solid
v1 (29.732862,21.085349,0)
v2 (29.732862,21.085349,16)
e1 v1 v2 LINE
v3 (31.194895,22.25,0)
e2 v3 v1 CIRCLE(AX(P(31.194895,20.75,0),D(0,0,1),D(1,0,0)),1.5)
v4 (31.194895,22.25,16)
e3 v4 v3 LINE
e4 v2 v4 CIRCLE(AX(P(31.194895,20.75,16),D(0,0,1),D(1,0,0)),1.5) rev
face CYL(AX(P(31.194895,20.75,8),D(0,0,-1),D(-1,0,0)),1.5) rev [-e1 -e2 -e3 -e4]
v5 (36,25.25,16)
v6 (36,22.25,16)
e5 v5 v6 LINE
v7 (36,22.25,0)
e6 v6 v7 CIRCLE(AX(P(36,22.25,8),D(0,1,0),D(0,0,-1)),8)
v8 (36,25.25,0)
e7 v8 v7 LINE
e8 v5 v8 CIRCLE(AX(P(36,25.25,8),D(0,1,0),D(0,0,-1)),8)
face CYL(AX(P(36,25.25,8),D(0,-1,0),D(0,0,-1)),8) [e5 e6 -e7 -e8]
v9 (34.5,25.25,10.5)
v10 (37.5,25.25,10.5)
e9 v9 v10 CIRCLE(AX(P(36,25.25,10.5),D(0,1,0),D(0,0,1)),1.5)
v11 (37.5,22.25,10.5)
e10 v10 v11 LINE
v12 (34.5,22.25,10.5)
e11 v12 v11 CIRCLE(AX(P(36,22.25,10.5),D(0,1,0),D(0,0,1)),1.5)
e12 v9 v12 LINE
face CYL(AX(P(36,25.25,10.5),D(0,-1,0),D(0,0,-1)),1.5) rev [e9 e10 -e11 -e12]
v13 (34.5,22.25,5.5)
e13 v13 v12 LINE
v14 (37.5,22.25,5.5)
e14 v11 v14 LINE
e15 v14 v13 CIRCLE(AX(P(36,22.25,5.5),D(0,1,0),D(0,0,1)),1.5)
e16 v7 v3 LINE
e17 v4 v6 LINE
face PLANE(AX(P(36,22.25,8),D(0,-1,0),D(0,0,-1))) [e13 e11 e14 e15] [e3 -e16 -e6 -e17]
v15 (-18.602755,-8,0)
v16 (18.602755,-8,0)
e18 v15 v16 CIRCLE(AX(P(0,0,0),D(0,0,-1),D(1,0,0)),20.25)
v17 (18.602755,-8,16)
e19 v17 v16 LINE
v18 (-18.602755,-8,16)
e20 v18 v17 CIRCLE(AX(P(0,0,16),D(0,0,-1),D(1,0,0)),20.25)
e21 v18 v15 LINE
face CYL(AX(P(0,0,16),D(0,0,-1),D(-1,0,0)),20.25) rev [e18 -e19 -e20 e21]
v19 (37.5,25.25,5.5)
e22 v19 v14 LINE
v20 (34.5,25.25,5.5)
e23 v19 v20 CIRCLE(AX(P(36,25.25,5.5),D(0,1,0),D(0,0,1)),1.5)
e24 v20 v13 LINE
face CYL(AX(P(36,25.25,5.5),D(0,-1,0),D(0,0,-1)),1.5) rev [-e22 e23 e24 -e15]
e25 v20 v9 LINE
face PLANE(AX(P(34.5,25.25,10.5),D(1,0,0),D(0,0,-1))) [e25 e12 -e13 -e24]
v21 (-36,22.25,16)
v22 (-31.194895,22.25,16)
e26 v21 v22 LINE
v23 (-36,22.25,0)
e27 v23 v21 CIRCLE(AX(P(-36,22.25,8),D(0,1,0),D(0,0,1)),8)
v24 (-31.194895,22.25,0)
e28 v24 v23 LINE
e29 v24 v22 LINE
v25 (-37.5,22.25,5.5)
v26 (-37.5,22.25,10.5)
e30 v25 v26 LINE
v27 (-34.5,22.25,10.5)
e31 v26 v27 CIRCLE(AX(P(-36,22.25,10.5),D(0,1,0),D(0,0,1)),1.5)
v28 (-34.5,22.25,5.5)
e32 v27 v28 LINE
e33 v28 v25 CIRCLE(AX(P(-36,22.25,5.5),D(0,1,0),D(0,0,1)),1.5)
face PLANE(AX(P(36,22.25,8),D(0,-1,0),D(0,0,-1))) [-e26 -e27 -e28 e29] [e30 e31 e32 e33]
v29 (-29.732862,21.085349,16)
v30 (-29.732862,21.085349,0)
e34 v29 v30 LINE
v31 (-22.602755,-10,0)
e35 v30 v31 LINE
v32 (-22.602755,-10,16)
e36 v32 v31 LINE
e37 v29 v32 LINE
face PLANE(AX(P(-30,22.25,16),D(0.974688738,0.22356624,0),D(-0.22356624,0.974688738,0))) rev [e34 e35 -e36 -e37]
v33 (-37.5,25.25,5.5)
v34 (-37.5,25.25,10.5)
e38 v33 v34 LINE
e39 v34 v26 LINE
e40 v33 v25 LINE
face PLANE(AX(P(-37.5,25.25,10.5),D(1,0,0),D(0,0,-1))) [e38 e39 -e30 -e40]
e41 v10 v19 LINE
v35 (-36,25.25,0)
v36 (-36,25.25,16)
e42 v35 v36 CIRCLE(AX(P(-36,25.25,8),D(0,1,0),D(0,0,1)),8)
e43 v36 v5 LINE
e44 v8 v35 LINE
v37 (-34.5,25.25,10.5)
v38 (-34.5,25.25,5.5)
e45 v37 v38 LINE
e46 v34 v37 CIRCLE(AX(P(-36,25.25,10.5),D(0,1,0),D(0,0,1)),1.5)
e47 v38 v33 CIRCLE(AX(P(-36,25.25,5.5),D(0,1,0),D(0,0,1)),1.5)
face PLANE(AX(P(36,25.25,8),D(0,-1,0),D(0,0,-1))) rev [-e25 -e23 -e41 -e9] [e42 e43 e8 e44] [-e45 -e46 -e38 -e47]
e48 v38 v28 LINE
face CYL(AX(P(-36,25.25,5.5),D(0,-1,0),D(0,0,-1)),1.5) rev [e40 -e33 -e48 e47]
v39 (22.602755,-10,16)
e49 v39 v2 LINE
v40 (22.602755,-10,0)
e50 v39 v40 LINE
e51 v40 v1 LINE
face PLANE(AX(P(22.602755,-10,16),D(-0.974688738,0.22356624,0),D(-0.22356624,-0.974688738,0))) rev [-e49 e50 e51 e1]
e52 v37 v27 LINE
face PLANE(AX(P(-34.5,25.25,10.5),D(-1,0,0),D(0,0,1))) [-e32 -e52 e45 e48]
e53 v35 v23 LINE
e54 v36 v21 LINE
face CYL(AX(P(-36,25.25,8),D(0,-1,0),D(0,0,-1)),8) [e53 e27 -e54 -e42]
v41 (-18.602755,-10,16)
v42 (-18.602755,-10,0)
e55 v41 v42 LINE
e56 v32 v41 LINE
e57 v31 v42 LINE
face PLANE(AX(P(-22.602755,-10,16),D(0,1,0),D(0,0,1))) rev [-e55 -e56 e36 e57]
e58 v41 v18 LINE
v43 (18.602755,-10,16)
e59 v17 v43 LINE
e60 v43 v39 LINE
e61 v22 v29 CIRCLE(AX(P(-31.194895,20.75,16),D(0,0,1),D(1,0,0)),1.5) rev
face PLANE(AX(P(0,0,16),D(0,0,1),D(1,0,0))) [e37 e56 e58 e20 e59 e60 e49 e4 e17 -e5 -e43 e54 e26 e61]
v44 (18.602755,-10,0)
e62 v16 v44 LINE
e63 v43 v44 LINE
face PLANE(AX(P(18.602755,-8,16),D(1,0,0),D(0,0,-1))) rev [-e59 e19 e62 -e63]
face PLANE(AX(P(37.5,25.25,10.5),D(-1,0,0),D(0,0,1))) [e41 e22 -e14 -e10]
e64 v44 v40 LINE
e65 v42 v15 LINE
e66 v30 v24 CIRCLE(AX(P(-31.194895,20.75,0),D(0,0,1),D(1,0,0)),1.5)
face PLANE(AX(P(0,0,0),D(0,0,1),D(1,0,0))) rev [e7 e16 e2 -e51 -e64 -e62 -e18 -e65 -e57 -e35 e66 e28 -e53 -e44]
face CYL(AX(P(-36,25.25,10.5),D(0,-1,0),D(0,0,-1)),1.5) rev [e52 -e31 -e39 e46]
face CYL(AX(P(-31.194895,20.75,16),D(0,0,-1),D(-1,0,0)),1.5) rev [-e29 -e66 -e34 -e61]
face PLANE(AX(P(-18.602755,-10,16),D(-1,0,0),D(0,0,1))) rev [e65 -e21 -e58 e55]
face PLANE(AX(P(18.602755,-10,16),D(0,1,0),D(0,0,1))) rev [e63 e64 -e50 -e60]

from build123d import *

# Parameters (mm, degrees)
SALIENTE_EXTRUIR1_DEPTH = 16
SALIENTE_EXTRUIR2_DEPTH = 3
REDONDEO1_R             = 1.5


with BuildPart() as part:
    # Croquis1 → Saliente-Extruir1 (new body)
    with BuildSketch(Plane.XY):
        with BuildLine():
            Line((18.602755172, -8), (18.602755172, -10))
            Line((18.602755172, -10), (22.602755172, -10))
            Line((22.602755172, -10), (30, 22.25))
            Line((30, 22.25), (-30, 22.25))
            Line((-30, 22.25), (-22.602755172, -10))
            Line((-22.602755172, -10), (-18.602755172, -10))
            Line((-18.602755172, -10), (-18.602755172, -8))
            ThreePointArc((-18.602755172, -8), (0, 20.25), (18.602755172, -8))
        make_face()
    extrude(amount=SALIENTE_EXTRUIR1_DEPTH)

    # Croquis2 → Saliente-Extruir2 (add)
    with BuildSketch(Plane(origin=(0, 22.25, 0), x_dir=(1, 0, 0), z_dir=(0, 1, 0))):
        with BuildLine():
            Line((30, 0), (-30, 0))
            Line((-30, 0), (-36, 0))
            ThreePointArc((-36, 0), (-44, -8), (-36, -16))
            Line((-36, -16), (-30, -16))
            Line((-30, -16), (30, -16))
            Line((30, -16), (36, -16))
            ThreePointArc((36, -16), (44, -8), (36, 0))
            Line((36, 0), (30, 0))
        make_face()
        with BuildLine():
            Line((-37.5, -10.5), (-37.5, -5.5))
            ThreePointArc((-37.5, -5.5), (-36, -4), (-34.5, -5.5))
            Line((-34.5, -5.5), (-34.5, -10.5))
            ThreePointArc((-34.5, -10.5), (-36, -12), (-37.5, -10.5))
        make_face(mode=Mode.SUBTRACT)
        with BuildLine():
            Line((34.5, -10.5), (34.5, -5.5))
            ThreePointArc((34.5, -5.5), (36, -4), (37.5, -5.5))
            Line((37.5, -5.5), (37.5, -10.5))
            ThreePointArc((37.5, -10.5), (36, -12), (34.5, -10.5))
        make_face(mode=Mode.SUBTRACT)
    extrude(amount=SALIENTE_EXTRUIR2_DEPTH)

    # Redondeo1
    redondeo1_edges = [part.edges().sort_by_distance(p)[0] for p in [
        (-30, 22.25, 8),
        (30, 22.25, 8),
    ]]
    fillet(redondeo1_edges, radius=REDONDEO1_R)


solid = part.part
